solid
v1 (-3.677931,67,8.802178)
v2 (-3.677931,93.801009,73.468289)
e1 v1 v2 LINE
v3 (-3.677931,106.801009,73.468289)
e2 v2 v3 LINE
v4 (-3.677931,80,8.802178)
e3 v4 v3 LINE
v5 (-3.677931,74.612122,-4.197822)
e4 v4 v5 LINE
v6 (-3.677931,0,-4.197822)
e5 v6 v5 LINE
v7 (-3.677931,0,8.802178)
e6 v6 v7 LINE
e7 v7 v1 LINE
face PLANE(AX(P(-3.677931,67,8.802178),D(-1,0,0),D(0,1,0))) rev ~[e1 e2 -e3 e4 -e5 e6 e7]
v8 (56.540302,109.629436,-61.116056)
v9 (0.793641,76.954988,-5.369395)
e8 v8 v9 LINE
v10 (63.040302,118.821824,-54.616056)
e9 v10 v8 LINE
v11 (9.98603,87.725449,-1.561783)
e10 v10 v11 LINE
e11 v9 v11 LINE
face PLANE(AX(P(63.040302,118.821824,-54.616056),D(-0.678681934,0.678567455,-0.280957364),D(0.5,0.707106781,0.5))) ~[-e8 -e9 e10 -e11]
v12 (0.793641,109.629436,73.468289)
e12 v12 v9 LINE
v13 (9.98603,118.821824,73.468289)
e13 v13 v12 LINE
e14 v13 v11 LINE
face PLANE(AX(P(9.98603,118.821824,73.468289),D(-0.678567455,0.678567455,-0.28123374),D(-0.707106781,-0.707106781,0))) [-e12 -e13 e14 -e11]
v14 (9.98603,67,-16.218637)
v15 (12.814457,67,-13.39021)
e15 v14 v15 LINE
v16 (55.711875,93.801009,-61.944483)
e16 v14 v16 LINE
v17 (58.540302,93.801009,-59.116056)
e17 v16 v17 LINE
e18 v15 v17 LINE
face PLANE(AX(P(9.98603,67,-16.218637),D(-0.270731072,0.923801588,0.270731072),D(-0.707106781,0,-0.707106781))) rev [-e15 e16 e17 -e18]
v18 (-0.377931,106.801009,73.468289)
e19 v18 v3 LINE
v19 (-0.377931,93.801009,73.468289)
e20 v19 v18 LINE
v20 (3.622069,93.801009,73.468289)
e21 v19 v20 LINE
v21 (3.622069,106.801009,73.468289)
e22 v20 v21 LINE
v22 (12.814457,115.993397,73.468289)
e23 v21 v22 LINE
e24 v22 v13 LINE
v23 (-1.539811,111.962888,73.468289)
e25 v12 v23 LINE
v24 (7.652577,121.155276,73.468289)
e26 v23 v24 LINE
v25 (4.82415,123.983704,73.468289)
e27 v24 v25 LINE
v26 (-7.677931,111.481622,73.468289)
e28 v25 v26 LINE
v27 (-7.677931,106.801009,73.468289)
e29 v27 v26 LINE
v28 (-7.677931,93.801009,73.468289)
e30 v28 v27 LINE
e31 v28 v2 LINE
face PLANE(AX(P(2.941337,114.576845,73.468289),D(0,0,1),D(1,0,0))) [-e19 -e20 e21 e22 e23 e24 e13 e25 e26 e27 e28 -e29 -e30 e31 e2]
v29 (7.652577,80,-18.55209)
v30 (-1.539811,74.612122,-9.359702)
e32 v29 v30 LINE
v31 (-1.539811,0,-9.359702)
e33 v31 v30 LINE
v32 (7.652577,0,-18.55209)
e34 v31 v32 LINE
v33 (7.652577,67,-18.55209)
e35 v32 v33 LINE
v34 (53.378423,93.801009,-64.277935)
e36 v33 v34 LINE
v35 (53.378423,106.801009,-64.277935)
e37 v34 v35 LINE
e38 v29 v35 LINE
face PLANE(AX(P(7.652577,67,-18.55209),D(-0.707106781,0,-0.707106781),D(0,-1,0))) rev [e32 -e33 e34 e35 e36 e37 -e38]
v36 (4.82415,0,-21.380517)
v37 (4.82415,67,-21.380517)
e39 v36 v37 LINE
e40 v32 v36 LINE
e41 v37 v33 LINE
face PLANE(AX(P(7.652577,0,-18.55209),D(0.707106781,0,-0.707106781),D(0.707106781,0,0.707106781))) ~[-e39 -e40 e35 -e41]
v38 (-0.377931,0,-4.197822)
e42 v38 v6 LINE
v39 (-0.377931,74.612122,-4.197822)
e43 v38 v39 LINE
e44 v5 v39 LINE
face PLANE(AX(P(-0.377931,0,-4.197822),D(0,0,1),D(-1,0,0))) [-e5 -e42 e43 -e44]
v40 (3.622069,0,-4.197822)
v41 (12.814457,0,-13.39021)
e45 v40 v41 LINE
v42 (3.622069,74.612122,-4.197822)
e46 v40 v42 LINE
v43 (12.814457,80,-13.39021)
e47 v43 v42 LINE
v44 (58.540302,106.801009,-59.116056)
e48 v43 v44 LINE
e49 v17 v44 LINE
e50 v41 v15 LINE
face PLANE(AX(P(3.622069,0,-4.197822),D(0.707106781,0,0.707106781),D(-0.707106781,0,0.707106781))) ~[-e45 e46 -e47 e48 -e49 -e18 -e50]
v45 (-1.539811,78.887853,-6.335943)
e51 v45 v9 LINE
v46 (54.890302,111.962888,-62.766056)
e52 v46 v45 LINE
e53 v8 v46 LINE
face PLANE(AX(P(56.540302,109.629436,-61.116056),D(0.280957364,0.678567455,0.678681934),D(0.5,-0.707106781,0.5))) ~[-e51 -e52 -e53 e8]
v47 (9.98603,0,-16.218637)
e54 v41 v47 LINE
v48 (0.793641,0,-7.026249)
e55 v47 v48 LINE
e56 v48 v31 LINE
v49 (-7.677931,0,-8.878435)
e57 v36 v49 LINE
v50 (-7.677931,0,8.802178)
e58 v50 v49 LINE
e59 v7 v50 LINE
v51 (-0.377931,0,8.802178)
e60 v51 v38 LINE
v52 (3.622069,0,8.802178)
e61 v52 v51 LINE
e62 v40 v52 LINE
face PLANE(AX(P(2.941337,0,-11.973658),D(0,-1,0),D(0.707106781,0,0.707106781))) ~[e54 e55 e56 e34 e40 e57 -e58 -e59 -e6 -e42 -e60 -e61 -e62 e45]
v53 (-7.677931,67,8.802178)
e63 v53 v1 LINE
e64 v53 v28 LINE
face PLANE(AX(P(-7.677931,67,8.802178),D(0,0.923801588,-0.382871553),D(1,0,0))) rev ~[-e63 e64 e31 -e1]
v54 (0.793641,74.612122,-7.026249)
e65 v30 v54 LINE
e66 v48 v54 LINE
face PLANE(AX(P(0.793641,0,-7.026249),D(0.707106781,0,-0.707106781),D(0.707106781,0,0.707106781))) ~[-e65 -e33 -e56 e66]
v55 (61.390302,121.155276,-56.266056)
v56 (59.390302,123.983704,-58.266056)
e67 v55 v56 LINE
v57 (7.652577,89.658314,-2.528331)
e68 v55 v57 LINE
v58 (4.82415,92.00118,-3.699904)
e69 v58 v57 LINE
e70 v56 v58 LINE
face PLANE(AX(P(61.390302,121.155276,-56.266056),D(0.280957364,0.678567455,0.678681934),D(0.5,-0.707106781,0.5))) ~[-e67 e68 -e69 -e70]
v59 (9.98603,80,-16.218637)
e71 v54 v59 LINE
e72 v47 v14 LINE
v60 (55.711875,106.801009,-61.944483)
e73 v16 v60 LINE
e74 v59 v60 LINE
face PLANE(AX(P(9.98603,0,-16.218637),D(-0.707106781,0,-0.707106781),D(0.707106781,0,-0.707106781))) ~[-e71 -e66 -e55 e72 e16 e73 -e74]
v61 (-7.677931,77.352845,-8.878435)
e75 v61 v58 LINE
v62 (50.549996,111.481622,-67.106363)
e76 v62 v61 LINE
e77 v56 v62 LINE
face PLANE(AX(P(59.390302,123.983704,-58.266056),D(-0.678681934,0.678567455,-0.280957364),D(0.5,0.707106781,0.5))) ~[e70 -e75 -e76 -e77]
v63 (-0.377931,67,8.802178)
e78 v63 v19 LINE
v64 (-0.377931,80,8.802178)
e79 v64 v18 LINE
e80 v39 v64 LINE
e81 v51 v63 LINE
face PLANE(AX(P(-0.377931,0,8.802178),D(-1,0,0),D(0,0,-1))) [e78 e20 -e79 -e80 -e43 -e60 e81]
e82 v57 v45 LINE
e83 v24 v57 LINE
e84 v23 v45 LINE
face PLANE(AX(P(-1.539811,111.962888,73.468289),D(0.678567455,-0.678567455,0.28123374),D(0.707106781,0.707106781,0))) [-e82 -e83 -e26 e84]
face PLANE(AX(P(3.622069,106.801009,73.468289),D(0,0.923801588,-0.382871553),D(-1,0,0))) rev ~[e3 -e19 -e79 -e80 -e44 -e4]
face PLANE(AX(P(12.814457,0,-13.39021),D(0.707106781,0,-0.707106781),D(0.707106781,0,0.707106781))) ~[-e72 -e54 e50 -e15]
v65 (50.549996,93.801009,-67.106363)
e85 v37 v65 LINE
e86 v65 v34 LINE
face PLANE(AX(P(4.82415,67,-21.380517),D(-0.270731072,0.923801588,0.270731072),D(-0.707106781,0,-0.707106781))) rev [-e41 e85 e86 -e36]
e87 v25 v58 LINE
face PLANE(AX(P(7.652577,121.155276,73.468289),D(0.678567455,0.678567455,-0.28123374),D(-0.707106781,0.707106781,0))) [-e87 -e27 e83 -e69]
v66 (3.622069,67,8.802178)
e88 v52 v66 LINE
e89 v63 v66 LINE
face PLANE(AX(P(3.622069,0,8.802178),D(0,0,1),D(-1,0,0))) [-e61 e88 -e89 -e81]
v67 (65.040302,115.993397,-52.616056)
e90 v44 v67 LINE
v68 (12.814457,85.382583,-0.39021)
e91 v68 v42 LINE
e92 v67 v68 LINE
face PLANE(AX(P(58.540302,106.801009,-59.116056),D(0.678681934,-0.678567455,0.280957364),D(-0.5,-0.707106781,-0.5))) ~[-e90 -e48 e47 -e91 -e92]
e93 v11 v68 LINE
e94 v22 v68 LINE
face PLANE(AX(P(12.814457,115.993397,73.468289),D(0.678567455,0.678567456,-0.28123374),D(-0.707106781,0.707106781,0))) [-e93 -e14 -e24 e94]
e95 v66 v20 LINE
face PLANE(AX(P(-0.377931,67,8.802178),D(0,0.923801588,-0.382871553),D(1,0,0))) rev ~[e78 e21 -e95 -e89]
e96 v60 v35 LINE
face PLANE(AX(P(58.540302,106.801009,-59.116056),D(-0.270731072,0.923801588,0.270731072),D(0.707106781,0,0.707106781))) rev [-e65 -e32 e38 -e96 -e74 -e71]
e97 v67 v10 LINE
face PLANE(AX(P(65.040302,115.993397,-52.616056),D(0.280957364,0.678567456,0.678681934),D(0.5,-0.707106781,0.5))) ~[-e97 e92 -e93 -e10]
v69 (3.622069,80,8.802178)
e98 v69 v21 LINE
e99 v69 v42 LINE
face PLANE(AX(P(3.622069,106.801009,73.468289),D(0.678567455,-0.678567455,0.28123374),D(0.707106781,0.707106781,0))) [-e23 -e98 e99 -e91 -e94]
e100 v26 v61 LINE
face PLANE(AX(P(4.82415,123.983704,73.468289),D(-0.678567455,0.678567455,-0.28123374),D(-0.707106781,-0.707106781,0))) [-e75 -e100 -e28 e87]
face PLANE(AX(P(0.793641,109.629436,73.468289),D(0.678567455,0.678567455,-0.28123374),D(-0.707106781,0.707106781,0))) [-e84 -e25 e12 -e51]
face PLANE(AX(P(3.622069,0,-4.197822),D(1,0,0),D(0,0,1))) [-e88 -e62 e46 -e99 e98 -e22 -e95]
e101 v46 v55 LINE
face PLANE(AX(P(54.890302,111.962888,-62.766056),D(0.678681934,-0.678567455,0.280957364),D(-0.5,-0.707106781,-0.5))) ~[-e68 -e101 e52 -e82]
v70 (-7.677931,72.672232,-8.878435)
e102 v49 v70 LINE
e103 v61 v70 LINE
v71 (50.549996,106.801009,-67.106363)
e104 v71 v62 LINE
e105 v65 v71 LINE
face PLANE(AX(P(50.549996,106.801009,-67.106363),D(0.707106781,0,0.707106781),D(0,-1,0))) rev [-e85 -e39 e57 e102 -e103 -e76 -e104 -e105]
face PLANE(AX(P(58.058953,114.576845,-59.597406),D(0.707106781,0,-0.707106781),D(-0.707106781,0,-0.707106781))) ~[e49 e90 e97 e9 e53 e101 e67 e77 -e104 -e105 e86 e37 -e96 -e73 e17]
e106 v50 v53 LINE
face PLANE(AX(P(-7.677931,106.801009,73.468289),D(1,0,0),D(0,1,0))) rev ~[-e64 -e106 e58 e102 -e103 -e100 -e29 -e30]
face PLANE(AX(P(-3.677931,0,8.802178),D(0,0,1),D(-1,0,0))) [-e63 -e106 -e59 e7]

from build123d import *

# Parameters (mm, degrees)
BOSS_EXTRUDE1_DEPTH = 80
CUT_EXTRUDE2_DEPTH  = 82.280481137
SKETCH6_W           = 4
SKETCH6_H           = 13
BOSS_EXTRUDE6_DEPTH = 70
BOSS_EXTRUDE7_REACH = 148.386
BOSS_EXTRUDE8_REACH = 152.425


with BuildPart() as part:
    # Sketch1 → Boss-Extrude1 (new body)
    with BuildSketch(Plane(origin=(0, 0, 0), x_dir=(1, 0, 0), z_dir=(0, 1, 0))):
        Polygon((3.622068507, 4.197822071), (3.622068507, -8.802177929), (-0.377931493, -8.802177929), (-0.377931493, 4.197822071), (-3.677931493, 4.197822071), (-3.677931493, -8.802177929), (-7.677931493, -8.802177929), (-7.677931493, 8.878435326), align=None)
    extrude(amount=BOSS_EXTRUDE1_DEPTH)

    # Sketch2 → Cut-Extrude2 (cut, through all)
    with BuildSketch(Plane.ZY.offset(7.677931493)):
        Polygon((8.802177929, 80), (-8.878435326, 80), (-8.878435326, 72.672231838), align=None)
    extrude(amount=-CUT_EXTRUDE2_DEPTH, mode=Mode.SUBTRACT)

    # Sketch6 → Boss-Extrude6 (add, along a direction that is not the sketch's normal)
    with BuildSketch(Plane.XY.offset(8.802177929)):
        with Locations((-5.677931493, 73.5)):
            Rectangle(SKETCH6_W, SKETCH6_H)
        with Locations((1.622068507, 73.5)):
            Rectangle(SKETCH6_W, SKETCH6_H)
    extrude(amount=BOSS_EXTRUDE6_DEPTH, dir=(0, 0.38287155344466034, 0.9238015877681054))

    # Boss-Extrude7: up to this plane
    boss_extrude7_end = Plane(origin=(3.622068507, 80, -4.197822071), z_dir=(-0.3826834323650841, 0, 0.9238795325112892))
    # Sketch7 → Boss-Extrude7 (add, up to the surface)
    with BuildSketch(Plane.XY.offset(73.468289073), mode=Mode.PRIVATE) as boss_extrude7_sk1:
        Polygon((3.622068507, 106.801008741), (-7.677931493, 106.801008741), (-7.677931493, 111.481621996), align=None)
    boss_extrude7_tool1 = split(extrude(boss_extrude7_sk1.sketch, amount=BOSS_EXTRUDE7_REACH, dir=(0, -0.382871553445, -0.923801587768), mode=Mode.PRIVATE), bisect_by=boss_extrude7_end, keep=Keep.BOTH, mode=Mode.PRIVATE)
    add(boss_extrude7_tool1.solids().sort_by_distance((-3.911265, 108.361213, 73.468289))[0])

    # Boss-Extrude8: up to this plane
    boss_extrude8_end = Plane(origin=(3.622068507, 80, -4.197822071), z_dir=(-0.3826834323650841, 0, 0.9238795325112892))
    # Sketch14 → Boss-Extrude8 (add, up to the surface)
    with BuildSketch(Plane.XY.offset(73.468289073), mode=Mode.PRIVATE) as boss_extrude8_sk1:
        Polygon((7.65257716, 121.155276399), (4.824150035, 123.983703524), (-7.677931493, 111.481621996), (3.622068507, 106.801008741), (12.814456663, 115.993396897), (9.986029538, 118.821824021), (0.793641383, 109.629435866), (-1.539810995, 111.962888244), align=None)
    boss_extrude8_tool1 = split(extrude(boss_extrude8_sk1.sketch, amount=BOSS_EXTRUDE8_REACH, dir=(0, -0.382871553445, -0.923801587768), mode=Mode.PRIVATE), bisect_by=boss_extrude8_end, keep=Keep.BOTH, mode=Mode.PRIVATE)
    add(boss_extrude8_tool1.solids().sort_by_distance((6.049263, 122.380389, 73.468289))[0])

    # Mirror9: part across plane


with BuildPart() as part_1:
    add(part.part)
    add(part.part.mirror(Plane(origin=(2.014593878, 0, -4.863659863), x_dir=(0.9238795325112891, 0, 0.3826834323650842), z_dir=(0.3826834323650841, 0, -0.9238795325112892))))


solid = part_1.part
